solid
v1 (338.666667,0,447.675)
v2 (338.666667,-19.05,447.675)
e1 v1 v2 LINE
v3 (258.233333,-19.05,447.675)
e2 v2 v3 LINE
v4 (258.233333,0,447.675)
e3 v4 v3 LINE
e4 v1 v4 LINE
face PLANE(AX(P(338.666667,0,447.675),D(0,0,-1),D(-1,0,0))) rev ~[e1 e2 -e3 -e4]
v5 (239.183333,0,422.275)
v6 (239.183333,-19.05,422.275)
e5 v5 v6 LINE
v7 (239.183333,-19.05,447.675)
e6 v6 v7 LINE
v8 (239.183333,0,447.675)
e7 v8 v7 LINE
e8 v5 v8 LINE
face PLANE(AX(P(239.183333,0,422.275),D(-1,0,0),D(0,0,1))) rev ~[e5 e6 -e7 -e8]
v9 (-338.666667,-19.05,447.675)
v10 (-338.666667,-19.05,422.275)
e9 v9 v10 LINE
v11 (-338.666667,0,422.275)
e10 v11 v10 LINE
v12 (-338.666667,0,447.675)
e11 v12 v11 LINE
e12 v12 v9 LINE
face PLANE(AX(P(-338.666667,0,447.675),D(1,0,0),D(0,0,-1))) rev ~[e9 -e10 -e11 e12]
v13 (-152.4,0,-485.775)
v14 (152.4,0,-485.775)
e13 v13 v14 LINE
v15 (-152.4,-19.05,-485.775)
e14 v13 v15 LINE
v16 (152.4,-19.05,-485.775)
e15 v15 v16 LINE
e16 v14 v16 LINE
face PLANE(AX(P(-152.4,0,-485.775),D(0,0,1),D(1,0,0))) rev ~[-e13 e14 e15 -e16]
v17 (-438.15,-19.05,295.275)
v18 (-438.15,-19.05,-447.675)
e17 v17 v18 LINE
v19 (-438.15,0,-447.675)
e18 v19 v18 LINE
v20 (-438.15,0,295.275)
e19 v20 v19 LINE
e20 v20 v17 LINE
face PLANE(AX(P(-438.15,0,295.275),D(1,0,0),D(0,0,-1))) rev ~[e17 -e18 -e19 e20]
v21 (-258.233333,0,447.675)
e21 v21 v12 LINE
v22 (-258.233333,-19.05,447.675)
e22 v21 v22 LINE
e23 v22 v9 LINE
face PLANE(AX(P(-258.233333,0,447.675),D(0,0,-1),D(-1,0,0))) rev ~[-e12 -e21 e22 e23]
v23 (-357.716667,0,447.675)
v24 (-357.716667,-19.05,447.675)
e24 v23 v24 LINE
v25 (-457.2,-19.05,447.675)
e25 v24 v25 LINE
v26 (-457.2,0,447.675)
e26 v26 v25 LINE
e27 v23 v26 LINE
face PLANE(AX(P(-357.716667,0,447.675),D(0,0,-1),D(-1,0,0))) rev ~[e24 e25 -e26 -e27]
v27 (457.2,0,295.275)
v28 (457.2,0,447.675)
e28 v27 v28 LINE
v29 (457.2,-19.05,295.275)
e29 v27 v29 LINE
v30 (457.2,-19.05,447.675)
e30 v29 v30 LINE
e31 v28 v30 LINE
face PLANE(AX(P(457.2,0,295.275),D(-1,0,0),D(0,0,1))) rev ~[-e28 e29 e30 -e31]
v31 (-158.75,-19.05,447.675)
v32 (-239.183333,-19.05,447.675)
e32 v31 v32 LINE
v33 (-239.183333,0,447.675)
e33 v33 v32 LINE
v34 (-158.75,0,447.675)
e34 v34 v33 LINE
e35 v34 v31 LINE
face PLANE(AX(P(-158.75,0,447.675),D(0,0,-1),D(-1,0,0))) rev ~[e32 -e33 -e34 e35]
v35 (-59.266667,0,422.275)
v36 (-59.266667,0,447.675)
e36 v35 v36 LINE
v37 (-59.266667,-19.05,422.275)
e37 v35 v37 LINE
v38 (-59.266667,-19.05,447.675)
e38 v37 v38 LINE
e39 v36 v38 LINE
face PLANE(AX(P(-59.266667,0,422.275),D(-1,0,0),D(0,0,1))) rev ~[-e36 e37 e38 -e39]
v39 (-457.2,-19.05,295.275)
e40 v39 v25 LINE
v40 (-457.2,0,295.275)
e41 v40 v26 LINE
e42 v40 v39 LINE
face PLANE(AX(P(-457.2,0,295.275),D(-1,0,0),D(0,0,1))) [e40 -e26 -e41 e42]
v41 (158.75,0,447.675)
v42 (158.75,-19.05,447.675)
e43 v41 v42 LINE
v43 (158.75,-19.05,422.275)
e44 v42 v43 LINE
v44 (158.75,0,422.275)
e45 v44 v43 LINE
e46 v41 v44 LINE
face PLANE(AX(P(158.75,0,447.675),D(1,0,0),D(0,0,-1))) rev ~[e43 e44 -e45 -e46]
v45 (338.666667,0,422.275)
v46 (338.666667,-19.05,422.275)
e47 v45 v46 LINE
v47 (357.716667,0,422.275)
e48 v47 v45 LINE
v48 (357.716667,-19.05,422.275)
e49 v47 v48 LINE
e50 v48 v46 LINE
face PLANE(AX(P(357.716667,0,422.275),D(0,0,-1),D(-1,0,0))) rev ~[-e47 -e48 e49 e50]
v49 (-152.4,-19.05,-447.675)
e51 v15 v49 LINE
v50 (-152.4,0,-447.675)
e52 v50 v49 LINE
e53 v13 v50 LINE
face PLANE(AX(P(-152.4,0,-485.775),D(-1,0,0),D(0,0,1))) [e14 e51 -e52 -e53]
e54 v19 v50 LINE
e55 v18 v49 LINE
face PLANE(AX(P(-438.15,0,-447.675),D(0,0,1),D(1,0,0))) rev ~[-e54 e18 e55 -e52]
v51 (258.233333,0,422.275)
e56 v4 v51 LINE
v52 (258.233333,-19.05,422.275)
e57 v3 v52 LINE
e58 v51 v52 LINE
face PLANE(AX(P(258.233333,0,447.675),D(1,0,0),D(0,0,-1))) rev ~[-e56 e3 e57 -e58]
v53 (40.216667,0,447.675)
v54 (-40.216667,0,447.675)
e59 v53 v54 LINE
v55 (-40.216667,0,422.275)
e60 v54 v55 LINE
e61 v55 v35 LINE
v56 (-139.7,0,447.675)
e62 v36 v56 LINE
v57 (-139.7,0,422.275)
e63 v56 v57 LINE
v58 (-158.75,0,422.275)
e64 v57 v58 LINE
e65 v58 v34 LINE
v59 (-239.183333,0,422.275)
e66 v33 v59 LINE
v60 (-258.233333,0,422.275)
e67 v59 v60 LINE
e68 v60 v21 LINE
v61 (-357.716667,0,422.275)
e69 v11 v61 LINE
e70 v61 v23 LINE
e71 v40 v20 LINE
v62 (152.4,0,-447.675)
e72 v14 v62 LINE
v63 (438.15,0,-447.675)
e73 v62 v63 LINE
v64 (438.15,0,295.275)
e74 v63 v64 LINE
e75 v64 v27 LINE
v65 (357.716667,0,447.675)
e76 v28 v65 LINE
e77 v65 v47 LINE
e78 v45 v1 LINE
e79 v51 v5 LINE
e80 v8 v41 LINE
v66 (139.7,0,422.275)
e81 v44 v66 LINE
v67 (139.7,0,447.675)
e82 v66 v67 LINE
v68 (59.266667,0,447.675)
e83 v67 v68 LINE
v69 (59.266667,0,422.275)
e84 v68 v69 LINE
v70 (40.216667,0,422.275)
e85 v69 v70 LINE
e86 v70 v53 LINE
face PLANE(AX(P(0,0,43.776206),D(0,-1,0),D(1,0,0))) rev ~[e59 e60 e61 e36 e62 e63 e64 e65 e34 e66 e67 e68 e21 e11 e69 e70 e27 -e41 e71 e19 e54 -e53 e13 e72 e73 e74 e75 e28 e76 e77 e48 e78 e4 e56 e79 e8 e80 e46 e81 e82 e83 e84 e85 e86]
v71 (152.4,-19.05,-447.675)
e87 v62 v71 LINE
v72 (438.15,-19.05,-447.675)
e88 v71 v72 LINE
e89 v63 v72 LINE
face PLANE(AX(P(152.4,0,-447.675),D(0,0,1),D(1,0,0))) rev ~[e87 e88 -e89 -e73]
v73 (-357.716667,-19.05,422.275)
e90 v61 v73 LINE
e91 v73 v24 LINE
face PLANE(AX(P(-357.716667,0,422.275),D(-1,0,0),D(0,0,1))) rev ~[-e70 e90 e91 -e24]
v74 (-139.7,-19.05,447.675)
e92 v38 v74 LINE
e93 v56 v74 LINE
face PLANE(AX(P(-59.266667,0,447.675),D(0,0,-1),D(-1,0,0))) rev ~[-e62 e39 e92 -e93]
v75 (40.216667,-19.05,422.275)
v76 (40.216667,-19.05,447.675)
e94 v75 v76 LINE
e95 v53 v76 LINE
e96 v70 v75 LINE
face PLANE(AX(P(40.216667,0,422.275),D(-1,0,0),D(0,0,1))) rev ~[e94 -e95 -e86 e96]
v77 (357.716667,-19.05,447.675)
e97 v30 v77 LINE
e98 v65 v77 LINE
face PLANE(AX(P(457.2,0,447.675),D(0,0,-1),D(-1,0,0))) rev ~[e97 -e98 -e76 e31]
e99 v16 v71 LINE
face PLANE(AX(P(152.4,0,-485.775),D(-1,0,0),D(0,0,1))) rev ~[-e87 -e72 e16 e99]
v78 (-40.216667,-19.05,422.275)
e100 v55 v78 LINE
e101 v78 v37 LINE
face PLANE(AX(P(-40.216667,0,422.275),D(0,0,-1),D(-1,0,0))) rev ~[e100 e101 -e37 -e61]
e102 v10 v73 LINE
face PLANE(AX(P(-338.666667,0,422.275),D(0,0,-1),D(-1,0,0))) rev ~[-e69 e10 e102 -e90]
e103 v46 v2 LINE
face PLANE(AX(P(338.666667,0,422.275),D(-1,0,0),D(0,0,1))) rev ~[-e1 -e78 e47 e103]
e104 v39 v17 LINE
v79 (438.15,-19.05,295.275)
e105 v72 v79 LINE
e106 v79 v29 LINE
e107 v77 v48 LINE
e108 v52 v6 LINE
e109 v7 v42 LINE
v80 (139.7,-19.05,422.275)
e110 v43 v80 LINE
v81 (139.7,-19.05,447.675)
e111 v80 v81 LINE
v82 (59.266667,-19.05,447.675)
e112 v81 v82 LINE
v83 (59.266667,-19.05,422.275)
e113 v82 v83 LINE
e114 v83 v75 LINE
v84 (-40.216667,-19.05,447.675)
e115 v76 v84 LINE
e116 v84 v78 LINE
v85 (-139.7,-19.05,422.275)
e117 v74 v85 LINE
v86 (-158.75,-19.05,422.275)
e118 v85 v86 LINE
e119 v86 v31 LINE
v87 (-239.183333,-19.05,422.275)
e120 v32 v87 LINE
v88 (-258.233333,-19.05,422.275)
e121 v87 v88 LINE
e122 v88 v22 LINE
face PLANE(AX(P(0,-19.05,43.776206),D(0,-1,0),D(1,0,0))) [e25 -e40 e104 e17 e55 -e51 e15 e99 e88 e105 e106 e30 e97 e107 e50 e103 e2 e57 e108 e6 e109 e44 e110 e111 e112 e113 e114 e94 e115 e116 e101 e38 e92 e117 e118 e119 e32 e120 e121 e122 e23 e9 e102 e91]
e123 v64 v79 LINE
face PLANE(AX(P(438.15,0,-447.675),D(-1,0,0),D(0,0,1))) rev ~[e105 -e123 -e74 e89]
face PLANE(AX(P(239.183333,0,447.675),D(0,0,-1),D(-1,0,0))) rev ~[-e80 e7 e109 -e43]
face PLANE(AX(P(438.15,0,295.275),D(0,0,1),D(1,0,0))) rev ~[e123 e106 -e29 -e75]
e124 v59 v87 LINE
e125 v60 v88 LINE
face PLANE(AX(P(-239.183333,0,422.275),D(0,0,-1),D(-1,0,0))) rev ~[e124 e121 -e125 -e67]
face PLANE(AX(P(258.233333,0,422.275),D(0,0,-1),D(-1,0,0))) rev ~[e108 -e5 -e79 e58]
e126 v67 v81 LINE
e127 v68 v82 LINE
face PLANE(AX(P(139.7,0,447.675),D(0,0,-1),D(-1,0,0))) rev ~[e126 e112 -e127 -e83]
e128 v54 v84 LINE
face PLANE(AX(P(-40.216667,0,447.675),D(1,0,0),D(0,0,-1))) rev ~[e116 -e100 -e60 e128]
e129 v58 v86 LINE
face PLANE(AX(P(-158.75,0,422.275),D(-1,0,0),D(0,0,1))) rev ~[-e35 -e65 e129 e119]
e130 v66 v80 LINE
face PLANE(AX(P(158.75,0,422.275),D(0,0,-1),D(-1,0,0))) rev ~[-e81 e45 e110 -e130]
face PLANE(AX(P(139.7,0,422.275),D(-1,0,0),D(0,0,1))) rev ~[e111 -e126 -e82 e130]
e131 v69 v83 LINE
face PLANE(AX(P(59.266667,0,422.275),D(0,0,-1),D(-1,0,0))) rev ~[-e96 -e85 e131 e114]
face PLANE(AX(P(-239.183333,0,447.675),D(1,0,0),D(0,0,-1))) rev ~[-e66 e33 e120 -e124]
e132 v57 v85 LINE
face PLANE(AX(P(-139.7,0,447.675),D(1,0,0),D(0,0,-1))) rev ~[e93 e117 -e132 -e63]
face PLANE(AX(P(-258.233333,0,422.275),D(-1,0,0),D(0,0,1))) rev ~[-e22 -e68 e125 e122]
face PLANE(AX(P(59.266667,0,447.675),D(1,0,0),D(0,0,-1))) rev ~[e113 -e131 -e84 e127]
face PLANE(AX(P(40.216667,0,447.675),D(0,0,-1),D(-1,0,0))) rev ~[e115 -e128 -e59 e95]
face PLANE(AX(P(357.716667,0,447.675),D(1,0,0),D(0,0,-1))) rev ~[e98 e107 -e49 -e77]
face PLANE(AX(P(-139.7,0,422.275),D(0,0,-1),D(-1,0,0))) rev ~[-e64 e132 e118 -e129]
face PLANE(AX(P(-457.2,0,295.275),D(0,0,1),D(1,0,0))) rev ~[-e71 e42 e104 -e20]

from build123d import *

# Parameters (mm, degrees)
F0_W     = 19.05
F0_H     = 152.4
F0_W_2   = 304.8
F0_H_2   = 38.1
F1_DEPTH = 19.05


with BuildPart() as f1:
    # F0 (on Front) → F1 (new body)
    with BuildSketch(Plane.XZ):
        Polygon((-357.716667, 447.675), (-438.15, 447.675), (-438.15, 295.275), (-438.15, -447.675), (-152.4, -447.675), (152.4, -447.675), (438.15, -447.675), (438.15, 295.275), (438.15, 447.675), (357.716667, 447.675), (357.716667, 422.275), (338.666667, 422.275), (338.666667, 447.675), (258.233333, 447.675), (258.233333, 422.275), (239.183333, 422.275), (239.183333, 447.675), (158.75, 447.675), (158.75, 422.275), (139.7, 422.275), (139.7, 447.675), (59.266667, 447.675), (59.266667, 422.275), (40.216667, 422.275), (40.216667, 447.675), (-40.216667, 447.675), (-40.216667, 422.275), (-59.266667, 422.275), (-59.266667, 447.675), (-139.7, 447.675), (-139.7, 422.275), (-158.75, 422.275), (-158.75, 447.675), (-239.183333, 447.675), (-239.183333, 422.275), (-258.233333, 422.275), (-258.233333, 447.675), (-338.666667, 447.675), (-338.666667, 422.275), (-357.716667, 422.275), align=None)
        with Locations((-447.675, 371.475)):
            Rectangle(F0_W, F0_H)
        with Locations((0, -466.725)):
            Rectangle(F0_W_2, F0_H_2)
        with Locations((447.675, 371.475)):
            Rectangle(F0_W, F0_H)
    extrude(amount=F1_DEPTH)


solid = f1.part
